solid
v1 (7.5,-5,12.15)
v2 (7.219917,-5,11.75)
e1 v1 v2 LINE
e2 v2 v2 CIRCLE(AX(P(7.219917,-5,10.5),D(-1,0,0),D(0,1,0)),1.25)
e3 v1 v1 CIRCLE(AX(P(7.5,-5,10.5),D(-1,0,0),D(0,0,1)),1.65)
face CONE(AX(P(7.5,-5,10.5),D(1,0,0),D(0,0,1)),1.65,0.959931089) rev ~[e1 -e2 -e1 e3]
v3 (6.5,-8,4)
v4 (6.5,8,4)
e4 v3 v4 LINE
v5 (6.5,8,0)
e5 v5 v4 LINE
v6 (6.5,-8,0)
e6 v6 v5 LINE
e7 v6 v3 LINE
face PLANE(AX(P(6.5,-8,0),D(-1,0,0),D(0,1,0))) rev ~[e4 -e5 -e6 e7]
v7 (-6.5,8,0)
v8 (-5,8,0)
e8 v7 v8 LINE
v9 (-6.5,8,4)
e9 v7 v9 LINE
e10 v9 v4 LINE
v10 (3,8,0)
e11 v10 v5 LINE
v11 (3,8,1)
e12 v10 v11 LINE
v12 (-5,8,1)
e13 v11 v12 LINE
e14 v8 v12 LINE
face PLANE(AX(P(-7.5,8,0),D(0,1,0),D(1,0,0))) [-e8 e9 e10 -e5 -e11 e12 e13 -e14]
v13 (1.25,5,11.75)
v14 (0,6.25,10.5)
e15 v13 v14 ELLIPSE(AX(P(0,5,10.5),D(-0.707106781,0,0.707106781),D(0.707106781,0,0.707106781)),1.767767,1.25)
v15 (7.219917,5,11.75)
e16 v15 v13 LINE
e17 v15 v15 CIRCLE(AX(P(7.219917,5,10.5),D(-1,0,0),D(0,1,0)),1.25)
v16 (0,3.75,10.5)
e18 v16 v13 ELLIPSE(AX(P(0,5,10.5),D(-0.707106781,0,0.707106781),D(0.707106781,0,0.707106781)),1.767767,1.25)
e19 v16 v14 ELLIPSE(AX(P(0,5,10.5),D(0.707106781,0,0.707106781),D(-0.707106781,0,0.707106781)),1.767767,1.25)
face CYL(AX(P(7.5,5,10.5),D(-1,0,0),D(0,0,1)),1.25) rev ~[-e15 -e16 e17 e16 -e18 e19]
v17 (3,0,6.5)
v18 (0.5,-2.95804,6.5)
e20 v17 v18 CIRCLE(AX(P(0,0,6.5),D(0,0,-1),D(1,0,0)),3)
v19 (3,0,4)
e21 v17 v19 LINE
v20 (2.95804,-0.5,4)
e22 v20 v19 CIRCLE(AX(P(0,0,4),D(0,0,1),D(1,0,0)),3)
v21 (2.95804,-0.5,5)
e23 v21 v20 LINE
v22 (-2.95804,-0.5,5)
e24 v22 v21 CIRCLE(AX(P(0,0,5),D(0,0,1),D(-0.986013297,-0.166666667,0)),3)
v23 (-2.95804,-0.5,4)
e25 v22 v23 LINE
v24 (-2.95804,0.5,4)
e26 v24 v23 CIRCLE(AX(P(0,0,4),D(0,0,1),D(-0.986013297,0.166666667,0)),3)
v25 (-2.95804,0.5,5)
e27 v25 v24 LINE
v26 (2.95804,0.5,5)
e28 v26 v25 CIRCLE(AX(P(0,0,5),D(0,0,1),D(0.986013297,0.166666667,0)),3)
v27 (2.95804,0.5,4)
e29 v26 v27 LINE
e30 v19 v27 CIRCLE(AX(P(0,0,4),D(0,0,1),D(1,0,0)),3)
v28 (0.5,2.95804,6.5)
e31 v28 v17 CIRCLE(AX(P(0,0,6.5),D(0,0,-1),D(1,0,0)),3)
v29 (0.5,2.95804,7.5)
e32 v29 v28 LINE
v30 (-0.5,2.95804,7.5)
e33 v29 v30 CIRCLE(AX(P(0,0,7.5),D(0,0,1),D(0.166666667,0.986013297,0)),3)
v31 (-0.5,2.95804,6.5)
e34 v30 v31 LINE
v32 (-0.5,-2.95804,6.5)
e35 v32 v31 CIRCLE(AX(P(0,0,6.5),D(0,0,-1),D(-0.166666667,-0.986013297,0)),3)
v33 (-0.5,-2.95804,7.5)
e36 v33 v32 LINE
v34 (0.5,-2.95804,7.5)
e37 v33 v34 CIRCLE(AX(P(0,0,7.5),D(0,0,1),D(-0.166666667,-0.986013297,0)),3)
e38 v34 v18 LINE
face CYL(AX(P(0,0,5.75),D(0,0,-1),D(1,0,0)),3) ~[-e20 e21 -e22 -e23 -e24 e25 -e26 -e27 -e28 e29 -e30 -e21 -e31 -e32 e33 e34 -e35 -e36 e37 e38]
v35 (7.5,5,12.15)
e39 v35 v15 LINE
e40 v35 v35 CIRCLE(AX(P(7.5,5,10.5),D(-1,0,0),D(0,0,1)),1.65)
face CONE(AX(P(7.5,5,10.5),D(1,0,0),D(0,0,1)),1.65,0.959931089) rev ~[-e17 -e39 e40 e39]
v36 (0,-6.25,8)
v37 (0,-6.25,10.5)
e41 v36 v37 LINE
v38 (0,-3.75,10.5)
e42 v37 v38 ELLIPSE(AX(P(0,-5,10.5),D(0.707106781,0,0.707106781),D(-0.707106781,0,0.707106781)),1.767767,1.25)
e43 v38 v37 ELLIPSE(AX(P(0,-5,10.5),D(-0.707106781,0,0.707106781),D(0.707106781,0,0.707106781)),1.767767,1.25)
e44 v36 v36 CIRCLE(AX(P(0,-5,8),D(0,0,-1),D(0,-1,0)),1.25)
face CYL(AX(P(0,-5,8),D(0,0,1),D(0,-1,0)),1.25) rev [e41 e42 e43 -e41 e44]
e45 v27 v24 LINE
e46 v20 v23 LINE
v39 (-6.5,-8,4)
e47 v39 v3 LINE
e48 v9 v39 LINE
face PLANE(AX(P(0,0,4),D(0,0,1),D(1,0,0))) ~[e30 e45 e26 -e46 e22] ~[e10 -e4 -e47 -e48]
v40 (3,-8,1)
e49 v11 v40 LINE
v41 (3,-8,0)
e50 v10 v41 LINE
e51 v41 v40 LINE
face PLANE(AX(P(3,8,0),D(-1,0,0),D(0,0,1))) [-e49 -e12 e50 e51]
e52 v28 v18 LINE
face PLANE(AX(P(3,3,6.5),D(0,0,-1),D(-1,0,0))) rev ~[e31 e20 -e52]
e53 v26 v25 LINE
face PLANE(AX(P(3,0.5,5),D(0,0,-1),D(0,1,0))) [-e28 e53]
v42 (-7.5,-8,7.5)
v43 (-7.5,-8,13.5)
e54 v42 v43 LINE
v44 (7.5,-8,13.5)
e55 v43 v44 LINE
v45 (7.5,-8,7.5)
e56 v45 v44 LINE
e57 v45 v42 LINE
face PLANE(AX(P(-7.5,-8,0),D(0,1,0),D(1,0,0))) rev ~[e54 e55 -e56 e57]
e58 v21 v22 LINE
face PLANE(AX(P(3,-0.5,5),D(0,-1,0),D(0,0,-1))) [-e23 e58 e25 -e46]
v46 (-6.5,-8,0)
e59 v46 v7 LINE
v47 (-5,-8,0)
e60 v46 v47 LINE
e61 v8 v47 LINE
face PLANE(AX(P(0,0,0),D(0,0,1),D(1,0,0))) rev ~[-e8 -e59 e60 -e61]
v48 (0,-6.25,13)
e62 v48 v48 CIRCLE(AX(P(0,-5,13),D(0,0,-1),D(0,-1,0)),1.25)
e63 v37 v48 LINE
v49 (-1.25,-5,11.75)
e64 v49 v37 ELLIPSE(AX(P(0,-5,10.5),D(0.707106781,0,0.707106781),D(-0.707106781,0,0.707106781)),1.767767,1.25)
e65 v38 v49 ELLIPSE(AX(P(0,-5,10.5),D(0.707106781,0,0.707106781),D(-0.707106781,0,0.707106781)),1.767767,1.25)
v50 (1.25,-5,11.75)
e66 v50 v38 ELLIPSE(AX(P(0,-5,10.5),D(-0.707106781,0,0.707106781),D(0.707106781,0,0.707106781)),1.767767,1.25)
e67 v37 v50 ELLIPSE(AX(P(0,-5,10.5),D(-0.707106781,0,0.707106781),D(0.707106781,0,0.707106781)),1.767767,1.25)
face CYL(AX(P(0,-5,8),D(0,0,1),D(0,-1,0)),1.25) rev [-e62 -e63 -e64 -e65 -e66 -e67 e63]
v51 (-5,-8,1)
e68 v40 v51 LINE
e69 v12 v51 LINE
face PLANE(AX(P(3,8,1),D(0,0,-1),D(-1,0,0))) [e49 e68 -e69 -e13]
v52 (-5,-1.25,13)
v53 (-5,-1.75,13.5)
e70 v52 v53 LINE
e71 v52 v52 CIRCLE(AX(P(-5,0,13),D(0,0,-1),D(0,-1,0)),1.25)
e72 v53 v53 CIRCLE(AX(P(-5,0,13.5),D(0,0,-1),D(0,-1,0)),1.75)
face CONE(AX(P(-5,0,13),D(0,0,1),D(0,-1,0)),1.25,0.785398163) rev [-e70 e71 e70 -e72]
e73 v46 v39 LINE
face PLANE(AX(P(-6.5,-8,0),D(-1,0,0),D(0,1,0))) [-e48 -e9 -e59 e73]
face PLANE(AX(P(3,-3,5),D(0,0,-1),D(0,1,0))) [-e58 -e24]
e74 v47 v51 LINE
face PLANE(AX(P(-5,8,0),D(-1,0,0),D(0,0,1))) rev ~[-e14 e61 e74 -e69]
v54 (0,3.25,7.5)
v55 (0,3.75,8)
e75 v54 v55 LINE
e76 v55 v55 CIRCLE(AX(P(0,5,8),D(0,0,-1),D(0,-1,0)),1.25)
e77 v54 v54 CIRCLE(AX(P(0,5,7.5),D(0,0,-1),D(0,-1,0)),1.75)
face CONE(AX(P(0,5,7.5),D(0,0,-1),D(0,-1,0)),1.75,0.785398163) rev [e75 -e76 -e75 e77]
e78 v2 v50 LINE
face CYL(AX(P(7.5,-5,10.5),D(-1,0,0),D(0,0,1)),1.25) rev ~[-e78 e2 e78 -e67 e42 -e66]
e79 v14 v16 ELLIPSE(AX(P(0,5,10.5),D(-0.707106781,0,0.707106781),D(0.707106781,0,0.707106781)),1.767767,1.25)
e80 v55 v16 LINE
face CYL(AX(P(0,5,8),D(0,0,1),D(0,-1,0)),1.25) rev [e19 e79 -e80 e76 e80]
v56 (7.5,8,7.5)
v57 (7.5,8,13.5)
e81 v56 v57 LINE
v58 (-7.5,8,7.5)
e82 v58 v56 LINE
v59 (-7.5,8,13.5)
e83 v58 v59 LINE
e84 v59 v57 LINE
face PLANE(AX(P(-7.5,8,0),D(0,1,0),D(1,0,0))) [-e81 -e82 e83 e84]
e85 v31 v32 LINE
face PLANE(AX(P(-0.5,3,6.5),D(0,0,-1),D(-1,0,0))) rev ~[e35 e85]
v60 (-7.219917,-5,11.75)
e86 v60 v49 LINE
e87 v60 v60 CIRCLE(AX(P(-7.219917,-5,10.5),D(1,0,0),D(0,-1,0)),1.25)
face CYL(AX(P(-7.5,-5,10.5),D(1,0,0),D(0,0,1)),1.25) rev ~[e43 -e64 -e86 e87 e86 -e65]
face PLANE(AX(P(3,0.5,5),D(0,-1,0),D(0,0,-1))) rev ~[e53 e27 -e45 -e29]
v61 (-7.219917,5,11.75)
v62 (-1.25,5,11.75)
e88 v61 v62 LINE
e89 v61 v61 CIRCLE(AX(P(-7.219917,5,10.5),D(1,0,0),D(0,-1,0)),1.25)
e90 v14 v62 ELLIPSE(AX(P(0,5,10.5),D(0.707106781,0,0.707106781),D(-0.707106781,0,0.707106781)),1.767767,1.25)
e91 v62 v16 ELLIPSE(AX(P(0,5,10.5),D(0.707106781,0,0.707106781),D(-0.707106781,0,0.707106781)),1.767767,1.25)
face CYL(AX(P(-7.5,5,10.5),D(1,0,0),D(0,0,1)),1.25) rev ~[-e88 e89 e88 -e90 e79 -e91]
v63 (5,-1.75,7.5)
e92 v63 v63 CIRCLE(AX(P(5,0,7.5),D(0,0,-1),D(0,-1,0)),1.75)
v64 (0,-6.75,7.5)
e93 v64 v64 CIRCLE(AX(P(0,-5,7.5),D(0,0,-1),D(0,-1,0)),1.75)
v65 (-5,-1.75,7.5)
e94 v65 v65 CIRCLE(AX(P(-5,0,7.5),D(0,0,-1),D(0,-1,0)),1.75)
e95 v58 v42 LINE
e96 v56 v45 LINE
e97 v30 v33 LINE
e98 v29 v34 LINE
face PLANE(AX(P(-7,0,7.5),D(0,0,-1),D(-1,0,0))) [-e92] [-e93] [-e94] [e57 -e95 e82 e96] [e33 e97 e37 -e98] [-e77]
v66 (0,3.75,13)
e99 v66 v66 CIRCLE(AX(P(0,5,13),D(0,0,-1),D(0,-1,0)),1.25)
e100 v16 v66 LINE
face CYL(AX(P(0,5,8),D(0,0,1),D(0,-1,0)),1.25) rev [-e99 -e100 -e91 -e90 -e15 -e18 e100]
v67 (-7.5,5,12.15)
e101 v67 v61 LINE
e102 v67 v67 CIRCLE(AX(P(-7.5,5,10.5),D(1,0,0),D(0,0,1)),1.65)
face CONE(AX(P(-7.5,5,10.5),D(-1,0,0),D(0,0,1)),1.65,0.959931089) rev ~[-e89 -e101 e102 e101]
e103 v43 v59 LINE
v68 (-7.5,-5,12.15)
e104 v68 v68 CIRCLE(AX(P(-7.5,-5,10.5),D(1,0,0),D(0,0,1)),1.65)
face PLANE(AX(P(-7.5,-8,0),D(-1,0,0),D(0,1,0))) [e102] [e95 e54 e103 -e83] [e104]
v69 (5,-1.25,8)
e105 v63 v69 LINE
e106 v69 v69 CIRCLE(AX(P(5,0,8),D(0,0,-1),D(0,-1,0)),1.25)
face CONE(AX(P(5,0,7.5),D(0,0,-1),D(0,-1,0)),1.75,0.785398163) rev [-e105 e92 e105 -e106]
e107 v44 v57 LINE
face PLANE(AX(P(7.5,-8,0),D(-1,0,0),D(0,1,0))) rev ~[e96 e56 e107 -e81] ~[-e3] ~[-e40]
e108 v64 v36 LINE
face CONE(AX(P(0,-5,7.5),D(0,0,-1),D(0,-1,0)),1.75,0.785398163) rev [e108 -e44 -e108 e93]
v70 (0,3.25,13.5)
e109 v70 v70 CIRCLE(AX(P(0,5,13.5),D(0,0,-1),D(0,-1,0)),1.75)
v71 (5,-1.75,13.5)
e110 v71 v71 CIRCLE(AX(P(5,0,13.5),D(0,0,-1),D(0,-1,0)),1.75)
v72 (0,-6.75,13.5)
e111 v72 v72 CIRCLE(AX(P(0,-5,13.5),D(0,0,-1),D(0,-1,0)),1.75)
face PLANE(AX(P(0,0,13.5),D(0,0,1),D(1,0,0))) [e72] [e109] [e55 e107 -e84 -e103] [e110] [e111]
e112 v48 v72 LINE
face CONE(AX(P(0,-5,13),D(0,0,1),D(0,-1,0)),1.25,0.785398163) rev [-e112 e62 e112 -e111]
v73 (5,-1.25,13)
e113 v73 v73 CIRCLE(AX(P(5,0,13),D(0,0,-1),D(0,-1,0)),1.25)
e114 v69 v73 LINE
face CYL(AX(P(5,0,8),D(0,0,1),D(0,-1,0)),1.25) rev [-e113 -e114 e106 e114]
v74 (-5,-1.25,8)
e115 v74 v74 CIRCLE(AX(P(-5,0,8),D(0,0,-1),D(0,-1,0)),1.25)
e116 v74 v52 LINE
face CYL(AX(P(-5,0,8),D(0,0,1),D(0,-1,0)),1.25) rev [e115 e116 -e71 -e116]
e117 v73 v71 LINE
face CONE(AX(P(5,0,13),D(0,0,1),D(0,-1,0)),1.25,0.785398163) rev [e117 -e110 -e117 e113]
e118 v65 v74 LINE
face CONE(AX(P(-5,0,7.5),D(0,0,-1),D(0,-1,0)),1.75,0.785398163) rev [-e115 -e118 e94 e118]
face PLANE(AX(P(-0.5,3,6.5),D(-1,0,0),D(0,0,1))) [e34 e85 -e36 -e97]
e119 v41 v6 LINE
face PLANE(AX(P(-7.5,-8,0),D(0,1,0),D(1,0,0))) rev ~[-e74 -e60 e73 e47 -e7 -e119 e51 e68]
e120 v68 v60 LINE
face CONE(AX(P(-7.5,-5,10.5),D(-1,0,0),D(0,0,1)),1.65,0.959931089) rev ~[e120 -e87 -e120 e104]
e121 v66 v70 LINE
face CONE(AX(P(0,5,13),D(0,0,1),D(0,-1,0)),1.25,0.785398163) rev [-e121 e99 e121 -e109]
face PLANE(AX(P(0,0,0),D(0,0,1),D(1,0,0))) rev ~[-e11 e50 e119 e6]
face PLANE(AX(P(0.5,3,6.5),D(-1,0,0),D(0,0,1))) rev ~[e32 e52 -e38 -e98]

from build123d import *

# Parameters (mm, degrees)
SKETCH_1_W                  = 15
SKETCH_1_H                  = 16
EXTRUDE_1_DEPTH             = 13.5
SKETCH_2_W                  = 1
SKETCH_2_H                  = 16
CUT_EXTRUDE_2_DEPTH         = 7.5
SKETCH_4_W                  = 3.5
SKETCH_4_H                  = 5
CUT_EXTRUDE_4_DEPTH         = 15
SKETCH_5_W                  = 3.5
SKETCH_5_H                  = 3.5
CUT_EXTRUDE_9_DEPTH         = 6
CUT_EXTRUDE_10_REACH        = 13
SKETCH_6_W                  = 2.5
SKETCH_6_H                  = 1
SKETCH_7_W                  = 1
SKETCH_7_H                  = 2.5
CUT_EXTRUDE_11_DEPTH        = 11.5
SKETCH_8_W                  = 8
SKETCH_8_H                  = 1
CUT_EXTRUDE_12_DEPTH        = 17
HOLE_WIZARD_M31_AT_2_COUNT  = 2
HOLE_WIZARD_M31_AT_2_PITCH  = 10
HOLE_WIZARD_M31_AT_3_COUNT  = 2
HOLE_WIZARD_M31_AT_3_PITCH  = 7.071067812
HOLE_WIZARD_M31_AT_4_COUNT  = 2
HOLE_WIZARD_M31_AT_4_PITCH  = 7.071067812
HOLE_WIZARD_M33_D           = 2.5
HOLE_WIZARD_M33_DEPTH       = 7.5
HOLE_WIZARD_M33_CSINK_D     = 3.3
HOLE_WIZARD_M33_CSINK_ANGLE = 110
HOLE_WIZARD_M33_TIP         = 0.751075774
SKETCH_11_W                 = 7.5
SKETCH_11_H                 = 3.5
HOLE_WIZARD_M35_D           = 2.5
HOLE_WIZARD_M35_DEPTH       = 7.5
HOLE_WIZARD_M35_CSINK_D     = 3.3
HOLE_WIZARD_M35_CSINK_ANGLE = 110
HOLE_WIZARD_M35_TIP         = 0.751075774


with BuildPart() as part:
    # Эскиз1 → Вытянуть1 (new body)
    with BuildSketch(Plane.XY):
        Rectangle(SKETCH_1_W, SKETCH_1_H)
    extrude(amount=EXTRUDE_1_DEPTH)

    # Эскиз2 → Вырез-Вытянуть2 (cut)
    with BuildSketch(Plane(origin=(0, 0, 0), x_dir=(-1, 0, 0), z_dir=(0, 0, -1))):
        with Locations((7, 0)):
            Rectangle(SKETCH_2_W, SKETCH_2_H)
        with Locations((-7, 0)):
            Rectangle(SKETCH_2_W, SKETCH_2_H)
    extrude(amount=-CUT_EXTRUDE_2_DEPTH, mode=Mode.SUBTRACT)

    # Эскиз4 → Вырез-Вытянуть4 (cut, through all)
    with BuildSketch(Plane.ZY.offset(6.5)):
        with Locations((5.75, 5.5)):
            Rectangle(SKETCH_4_W, SKETCH_4_H)
        with Locations((5.75, -5.5)):
            Rectangle(SKETCH_4_W, SKETCH_4_H)
    extrude(amount=-CUT_EXTRUDE_4_DEPTH, mode=Mode.SUBTRACT)

    # Эскиз5 → Вырез-Вытянуть9 (cut)
    with BuildSketch(Plane(origin=(0, 3, 0), x_dir=(-1, 0, 0), z_dir=(0, 1, 0))):
        with Locations((-4.75, 5.75)):
            Rectangle(SKETCH_5_W, SKETCH_5_H)
        with Locations((4.75, 5.75)):
            Rectangle(SKETCH_5_W, SKETCH_5_H)
    extrude(amount=-CUT_EXTRUDE_9_DEPTH, mode=Mode.SUBTRACT)

    # Эскиз6 → Вырез-Вытянуть10 (cut, up to next)
    with BuildSketch(Plane(origin=(0, 3, 0), x_dir=(-1, 0, 0), z_dir=(0, 1, 0)), mode=Mode.PRIVATE) as cut_extrude_10_sk1:
        with Locations((-1.75, 7)):
            Rectangle(SKETCH_6_W, SKETCH_6_H)
    cut_extrude_10_tool1 = extrude(cut_extrude_10_sk1.sketch, amount=-CUT_EXTRUDE_10_REACH, mode=Mode.PRIVATE) & part.part
    add(cut_extrude_10_tool1.solids().sort_by_distance((1.75, 3, 7))[0], mode=Mode.SUBTRACT)
    # Эскиз6 → Вырез-Вытянуть10 (cut, up to next)
    with BuildSketch(Plane(origin=(0, 3, 0), x_dir=(-1, 0, 0), z_dir=(0, 1, 0)), mode=Mode.PRIVATE) as cut_extrude_10_sk2:
        with Locations((1.75, 7)):
            Rectangle(SKETCH_6_W, SKETCH_6_H)
    cut_extrude_10_tool2 = extrude(cut_extrude_10_sk2.sketch, amount=-CUT_EXTRUDE_10_REACH, mode=Mode.PRIVATE) & part.part
    add(cut_extrude_10_tool2.solids().sort_by_distance((-1.75, 3, 7))[0], mode=Mode.SUBTRACT)

    # Эскиз7 → Вырез-Вытянуть11 (cut, through all)
    with BuildSketch(Plane(origin=(3, 0, 0), x_dir=(0, 0, -1), z_dir=(1, 0, 0))):
        with Locations((-4.5, 1.75)):
            Rectangle(SKETCH_7_W, SKETCH_7_H)
        with Locations((-4.5, -1.75)):
            Rectangle(SKETCH_7_W, SKETCH_7_H)
    extrude(amount=-CUT_EXTRUDE_11_DEPTH, mode=Mode.SUBTRACT)

    # Эскиз8 → Вырез-Вытянуть12 (cut, through all)
    with BuildSketch(Plane(origin=(0, 8, 0), x_dir=(-1, 0, 0), z_dir=(0, 1, 0))):
        with Locations((1, 0.5)):
            Rectangle(SKETCH_8_W, SKETCH_8_H)
    extrude(amount=-CUT_EXTRUDE_12_DEPTH, mode=Mode.SUBTRACT)

    # Эскиз9 → Отверстие обработанное метчиком M31 (revolve, cut)
    with BuildSketch(Plane(origin=(0, -5, 13.5), x_dir=(0, -1, 0), z_dir=(1, 0, 0))):
        Polygon((0, 0), (0, 6), (1.75, 6), (1.25, 5.5), (1.25, 0.5), (1.75, 0), align=None)
    hole_wizard_m31 = revolve(axis=Axis((0, -5, 19.85), (0, 0, -1)), mode=Mode.SUBTRACT)

    # Отверстие обработанное метчиком M31 at 2: Отверстие обработанное метчиком M31 ×2
    with Locations(*[(0, i * HOLE_WIZARD_M31_AT_2_PITCH, 0) for i in range(1, HOLE_WIZARD_M31_AT_2_COUNT)]):
        add(hole_wizard_m31, mode=Mode.SUBTRACT)

    # Отверстие обработанное метчиком M31 at 3: Отверстие обработанное метчиком M31 ×2
    with Locations(*[Vector(0.707106781, 0.707106781, 0) * (i * HOLE_WIZARD_M31_AT_3_PITCH) for i in range(1, HOLE_WIZARD_M31_AT_3_COUNT)]):
        add(hole_wizard_m31, mode=Mode.SUBTRACT)

    # Отверстие обработанное метчиком M31 at 4: Отверстие обработанное метчиком M31 ×2
    with Locations(*[Vector(-0.707106781, 0.707106781, 0) * (i * HOLE_WIZARD_M31_AT_4_PITCH) for i in range(1, HOLE_WIZARD_M31_AT_4_COUNT)]):
        add(hole_wizard_m31, mode=Mode.SUBTRACT)

    # Отверстие обработанное метчиком M33
    with Locations(Plane(origin=(-7.5, 5, 10.5), x_dir=(0, 0, -1), z_dir=(-1, 0, 0))):
        with Locations((0, 0), (0, 10)):
            CounterSinkHole(HOLE_WIZARD_M33_D / 2, HOLE_WIZARD_M33_CSINK_D / 2, depth=HOLE_WIZARD_M33_DEPTH, counter_sink_angle=HOLE_WIZARD_M33_CSINK_ANGLE)
            with Locations((0, 0, -(HOLE_WIZARD_M33_DEPTH + HOLE_WIZARD_M33_TIP / 2))):  # 118° drill point
                Cone(0, HOLE_WIZARD_M33_D / 2, HOLE_WIZARD_M33_TIP, mode=Mode.SUBTRACT)

    # Эскиз11 → Вырез-Повернуть1 (revolve, cut)
    with BuildSketch(Plane(origin=(0, 0, 0), x_dir=(1, 0, 0), z_dir=(0, 1, 0))):
        with Locations((6.75, -5.75)):
            Rectangle(SKETCH_11_W, SKETCH_11_H)
    revolve(axis=Axis((0, 0, 0), (0, 0, 1)), mode=Mode.SUBTRACT)

    # Отверстие обработанное метчиком M35
    with Locations(Plane(origin=(7.5, 6.867633096, -0.651107824), x_dir=(0, 0, -1), z_dir=(1, 0, 0))):
        with Locations((-11.151107824, -1.867633096), (-11.151107824, -11.867633096)):
            CounterSinkHole(HOLE_WIZARD_M35_D / 2, HOLE_WIZARD_M35_CSINK_D / 2, depth=HOLE_WIZARD_M35_DEPTH, counter_sink_angle=HOLE_WIZARD_M35_CSINK_ANGLE)
            with Locations((0, 0, -(HOLE_WIZARD_M35_DEPTH + HOLE_WIZARD_M35_TIP / 2))):  # 118° drill point
                Cone(0, HOLE_WIZARD_M35_D / 2, HOLE_WIZARD_M35_TIP, mode=Mode.SUBTRACT)


solid = part.part
